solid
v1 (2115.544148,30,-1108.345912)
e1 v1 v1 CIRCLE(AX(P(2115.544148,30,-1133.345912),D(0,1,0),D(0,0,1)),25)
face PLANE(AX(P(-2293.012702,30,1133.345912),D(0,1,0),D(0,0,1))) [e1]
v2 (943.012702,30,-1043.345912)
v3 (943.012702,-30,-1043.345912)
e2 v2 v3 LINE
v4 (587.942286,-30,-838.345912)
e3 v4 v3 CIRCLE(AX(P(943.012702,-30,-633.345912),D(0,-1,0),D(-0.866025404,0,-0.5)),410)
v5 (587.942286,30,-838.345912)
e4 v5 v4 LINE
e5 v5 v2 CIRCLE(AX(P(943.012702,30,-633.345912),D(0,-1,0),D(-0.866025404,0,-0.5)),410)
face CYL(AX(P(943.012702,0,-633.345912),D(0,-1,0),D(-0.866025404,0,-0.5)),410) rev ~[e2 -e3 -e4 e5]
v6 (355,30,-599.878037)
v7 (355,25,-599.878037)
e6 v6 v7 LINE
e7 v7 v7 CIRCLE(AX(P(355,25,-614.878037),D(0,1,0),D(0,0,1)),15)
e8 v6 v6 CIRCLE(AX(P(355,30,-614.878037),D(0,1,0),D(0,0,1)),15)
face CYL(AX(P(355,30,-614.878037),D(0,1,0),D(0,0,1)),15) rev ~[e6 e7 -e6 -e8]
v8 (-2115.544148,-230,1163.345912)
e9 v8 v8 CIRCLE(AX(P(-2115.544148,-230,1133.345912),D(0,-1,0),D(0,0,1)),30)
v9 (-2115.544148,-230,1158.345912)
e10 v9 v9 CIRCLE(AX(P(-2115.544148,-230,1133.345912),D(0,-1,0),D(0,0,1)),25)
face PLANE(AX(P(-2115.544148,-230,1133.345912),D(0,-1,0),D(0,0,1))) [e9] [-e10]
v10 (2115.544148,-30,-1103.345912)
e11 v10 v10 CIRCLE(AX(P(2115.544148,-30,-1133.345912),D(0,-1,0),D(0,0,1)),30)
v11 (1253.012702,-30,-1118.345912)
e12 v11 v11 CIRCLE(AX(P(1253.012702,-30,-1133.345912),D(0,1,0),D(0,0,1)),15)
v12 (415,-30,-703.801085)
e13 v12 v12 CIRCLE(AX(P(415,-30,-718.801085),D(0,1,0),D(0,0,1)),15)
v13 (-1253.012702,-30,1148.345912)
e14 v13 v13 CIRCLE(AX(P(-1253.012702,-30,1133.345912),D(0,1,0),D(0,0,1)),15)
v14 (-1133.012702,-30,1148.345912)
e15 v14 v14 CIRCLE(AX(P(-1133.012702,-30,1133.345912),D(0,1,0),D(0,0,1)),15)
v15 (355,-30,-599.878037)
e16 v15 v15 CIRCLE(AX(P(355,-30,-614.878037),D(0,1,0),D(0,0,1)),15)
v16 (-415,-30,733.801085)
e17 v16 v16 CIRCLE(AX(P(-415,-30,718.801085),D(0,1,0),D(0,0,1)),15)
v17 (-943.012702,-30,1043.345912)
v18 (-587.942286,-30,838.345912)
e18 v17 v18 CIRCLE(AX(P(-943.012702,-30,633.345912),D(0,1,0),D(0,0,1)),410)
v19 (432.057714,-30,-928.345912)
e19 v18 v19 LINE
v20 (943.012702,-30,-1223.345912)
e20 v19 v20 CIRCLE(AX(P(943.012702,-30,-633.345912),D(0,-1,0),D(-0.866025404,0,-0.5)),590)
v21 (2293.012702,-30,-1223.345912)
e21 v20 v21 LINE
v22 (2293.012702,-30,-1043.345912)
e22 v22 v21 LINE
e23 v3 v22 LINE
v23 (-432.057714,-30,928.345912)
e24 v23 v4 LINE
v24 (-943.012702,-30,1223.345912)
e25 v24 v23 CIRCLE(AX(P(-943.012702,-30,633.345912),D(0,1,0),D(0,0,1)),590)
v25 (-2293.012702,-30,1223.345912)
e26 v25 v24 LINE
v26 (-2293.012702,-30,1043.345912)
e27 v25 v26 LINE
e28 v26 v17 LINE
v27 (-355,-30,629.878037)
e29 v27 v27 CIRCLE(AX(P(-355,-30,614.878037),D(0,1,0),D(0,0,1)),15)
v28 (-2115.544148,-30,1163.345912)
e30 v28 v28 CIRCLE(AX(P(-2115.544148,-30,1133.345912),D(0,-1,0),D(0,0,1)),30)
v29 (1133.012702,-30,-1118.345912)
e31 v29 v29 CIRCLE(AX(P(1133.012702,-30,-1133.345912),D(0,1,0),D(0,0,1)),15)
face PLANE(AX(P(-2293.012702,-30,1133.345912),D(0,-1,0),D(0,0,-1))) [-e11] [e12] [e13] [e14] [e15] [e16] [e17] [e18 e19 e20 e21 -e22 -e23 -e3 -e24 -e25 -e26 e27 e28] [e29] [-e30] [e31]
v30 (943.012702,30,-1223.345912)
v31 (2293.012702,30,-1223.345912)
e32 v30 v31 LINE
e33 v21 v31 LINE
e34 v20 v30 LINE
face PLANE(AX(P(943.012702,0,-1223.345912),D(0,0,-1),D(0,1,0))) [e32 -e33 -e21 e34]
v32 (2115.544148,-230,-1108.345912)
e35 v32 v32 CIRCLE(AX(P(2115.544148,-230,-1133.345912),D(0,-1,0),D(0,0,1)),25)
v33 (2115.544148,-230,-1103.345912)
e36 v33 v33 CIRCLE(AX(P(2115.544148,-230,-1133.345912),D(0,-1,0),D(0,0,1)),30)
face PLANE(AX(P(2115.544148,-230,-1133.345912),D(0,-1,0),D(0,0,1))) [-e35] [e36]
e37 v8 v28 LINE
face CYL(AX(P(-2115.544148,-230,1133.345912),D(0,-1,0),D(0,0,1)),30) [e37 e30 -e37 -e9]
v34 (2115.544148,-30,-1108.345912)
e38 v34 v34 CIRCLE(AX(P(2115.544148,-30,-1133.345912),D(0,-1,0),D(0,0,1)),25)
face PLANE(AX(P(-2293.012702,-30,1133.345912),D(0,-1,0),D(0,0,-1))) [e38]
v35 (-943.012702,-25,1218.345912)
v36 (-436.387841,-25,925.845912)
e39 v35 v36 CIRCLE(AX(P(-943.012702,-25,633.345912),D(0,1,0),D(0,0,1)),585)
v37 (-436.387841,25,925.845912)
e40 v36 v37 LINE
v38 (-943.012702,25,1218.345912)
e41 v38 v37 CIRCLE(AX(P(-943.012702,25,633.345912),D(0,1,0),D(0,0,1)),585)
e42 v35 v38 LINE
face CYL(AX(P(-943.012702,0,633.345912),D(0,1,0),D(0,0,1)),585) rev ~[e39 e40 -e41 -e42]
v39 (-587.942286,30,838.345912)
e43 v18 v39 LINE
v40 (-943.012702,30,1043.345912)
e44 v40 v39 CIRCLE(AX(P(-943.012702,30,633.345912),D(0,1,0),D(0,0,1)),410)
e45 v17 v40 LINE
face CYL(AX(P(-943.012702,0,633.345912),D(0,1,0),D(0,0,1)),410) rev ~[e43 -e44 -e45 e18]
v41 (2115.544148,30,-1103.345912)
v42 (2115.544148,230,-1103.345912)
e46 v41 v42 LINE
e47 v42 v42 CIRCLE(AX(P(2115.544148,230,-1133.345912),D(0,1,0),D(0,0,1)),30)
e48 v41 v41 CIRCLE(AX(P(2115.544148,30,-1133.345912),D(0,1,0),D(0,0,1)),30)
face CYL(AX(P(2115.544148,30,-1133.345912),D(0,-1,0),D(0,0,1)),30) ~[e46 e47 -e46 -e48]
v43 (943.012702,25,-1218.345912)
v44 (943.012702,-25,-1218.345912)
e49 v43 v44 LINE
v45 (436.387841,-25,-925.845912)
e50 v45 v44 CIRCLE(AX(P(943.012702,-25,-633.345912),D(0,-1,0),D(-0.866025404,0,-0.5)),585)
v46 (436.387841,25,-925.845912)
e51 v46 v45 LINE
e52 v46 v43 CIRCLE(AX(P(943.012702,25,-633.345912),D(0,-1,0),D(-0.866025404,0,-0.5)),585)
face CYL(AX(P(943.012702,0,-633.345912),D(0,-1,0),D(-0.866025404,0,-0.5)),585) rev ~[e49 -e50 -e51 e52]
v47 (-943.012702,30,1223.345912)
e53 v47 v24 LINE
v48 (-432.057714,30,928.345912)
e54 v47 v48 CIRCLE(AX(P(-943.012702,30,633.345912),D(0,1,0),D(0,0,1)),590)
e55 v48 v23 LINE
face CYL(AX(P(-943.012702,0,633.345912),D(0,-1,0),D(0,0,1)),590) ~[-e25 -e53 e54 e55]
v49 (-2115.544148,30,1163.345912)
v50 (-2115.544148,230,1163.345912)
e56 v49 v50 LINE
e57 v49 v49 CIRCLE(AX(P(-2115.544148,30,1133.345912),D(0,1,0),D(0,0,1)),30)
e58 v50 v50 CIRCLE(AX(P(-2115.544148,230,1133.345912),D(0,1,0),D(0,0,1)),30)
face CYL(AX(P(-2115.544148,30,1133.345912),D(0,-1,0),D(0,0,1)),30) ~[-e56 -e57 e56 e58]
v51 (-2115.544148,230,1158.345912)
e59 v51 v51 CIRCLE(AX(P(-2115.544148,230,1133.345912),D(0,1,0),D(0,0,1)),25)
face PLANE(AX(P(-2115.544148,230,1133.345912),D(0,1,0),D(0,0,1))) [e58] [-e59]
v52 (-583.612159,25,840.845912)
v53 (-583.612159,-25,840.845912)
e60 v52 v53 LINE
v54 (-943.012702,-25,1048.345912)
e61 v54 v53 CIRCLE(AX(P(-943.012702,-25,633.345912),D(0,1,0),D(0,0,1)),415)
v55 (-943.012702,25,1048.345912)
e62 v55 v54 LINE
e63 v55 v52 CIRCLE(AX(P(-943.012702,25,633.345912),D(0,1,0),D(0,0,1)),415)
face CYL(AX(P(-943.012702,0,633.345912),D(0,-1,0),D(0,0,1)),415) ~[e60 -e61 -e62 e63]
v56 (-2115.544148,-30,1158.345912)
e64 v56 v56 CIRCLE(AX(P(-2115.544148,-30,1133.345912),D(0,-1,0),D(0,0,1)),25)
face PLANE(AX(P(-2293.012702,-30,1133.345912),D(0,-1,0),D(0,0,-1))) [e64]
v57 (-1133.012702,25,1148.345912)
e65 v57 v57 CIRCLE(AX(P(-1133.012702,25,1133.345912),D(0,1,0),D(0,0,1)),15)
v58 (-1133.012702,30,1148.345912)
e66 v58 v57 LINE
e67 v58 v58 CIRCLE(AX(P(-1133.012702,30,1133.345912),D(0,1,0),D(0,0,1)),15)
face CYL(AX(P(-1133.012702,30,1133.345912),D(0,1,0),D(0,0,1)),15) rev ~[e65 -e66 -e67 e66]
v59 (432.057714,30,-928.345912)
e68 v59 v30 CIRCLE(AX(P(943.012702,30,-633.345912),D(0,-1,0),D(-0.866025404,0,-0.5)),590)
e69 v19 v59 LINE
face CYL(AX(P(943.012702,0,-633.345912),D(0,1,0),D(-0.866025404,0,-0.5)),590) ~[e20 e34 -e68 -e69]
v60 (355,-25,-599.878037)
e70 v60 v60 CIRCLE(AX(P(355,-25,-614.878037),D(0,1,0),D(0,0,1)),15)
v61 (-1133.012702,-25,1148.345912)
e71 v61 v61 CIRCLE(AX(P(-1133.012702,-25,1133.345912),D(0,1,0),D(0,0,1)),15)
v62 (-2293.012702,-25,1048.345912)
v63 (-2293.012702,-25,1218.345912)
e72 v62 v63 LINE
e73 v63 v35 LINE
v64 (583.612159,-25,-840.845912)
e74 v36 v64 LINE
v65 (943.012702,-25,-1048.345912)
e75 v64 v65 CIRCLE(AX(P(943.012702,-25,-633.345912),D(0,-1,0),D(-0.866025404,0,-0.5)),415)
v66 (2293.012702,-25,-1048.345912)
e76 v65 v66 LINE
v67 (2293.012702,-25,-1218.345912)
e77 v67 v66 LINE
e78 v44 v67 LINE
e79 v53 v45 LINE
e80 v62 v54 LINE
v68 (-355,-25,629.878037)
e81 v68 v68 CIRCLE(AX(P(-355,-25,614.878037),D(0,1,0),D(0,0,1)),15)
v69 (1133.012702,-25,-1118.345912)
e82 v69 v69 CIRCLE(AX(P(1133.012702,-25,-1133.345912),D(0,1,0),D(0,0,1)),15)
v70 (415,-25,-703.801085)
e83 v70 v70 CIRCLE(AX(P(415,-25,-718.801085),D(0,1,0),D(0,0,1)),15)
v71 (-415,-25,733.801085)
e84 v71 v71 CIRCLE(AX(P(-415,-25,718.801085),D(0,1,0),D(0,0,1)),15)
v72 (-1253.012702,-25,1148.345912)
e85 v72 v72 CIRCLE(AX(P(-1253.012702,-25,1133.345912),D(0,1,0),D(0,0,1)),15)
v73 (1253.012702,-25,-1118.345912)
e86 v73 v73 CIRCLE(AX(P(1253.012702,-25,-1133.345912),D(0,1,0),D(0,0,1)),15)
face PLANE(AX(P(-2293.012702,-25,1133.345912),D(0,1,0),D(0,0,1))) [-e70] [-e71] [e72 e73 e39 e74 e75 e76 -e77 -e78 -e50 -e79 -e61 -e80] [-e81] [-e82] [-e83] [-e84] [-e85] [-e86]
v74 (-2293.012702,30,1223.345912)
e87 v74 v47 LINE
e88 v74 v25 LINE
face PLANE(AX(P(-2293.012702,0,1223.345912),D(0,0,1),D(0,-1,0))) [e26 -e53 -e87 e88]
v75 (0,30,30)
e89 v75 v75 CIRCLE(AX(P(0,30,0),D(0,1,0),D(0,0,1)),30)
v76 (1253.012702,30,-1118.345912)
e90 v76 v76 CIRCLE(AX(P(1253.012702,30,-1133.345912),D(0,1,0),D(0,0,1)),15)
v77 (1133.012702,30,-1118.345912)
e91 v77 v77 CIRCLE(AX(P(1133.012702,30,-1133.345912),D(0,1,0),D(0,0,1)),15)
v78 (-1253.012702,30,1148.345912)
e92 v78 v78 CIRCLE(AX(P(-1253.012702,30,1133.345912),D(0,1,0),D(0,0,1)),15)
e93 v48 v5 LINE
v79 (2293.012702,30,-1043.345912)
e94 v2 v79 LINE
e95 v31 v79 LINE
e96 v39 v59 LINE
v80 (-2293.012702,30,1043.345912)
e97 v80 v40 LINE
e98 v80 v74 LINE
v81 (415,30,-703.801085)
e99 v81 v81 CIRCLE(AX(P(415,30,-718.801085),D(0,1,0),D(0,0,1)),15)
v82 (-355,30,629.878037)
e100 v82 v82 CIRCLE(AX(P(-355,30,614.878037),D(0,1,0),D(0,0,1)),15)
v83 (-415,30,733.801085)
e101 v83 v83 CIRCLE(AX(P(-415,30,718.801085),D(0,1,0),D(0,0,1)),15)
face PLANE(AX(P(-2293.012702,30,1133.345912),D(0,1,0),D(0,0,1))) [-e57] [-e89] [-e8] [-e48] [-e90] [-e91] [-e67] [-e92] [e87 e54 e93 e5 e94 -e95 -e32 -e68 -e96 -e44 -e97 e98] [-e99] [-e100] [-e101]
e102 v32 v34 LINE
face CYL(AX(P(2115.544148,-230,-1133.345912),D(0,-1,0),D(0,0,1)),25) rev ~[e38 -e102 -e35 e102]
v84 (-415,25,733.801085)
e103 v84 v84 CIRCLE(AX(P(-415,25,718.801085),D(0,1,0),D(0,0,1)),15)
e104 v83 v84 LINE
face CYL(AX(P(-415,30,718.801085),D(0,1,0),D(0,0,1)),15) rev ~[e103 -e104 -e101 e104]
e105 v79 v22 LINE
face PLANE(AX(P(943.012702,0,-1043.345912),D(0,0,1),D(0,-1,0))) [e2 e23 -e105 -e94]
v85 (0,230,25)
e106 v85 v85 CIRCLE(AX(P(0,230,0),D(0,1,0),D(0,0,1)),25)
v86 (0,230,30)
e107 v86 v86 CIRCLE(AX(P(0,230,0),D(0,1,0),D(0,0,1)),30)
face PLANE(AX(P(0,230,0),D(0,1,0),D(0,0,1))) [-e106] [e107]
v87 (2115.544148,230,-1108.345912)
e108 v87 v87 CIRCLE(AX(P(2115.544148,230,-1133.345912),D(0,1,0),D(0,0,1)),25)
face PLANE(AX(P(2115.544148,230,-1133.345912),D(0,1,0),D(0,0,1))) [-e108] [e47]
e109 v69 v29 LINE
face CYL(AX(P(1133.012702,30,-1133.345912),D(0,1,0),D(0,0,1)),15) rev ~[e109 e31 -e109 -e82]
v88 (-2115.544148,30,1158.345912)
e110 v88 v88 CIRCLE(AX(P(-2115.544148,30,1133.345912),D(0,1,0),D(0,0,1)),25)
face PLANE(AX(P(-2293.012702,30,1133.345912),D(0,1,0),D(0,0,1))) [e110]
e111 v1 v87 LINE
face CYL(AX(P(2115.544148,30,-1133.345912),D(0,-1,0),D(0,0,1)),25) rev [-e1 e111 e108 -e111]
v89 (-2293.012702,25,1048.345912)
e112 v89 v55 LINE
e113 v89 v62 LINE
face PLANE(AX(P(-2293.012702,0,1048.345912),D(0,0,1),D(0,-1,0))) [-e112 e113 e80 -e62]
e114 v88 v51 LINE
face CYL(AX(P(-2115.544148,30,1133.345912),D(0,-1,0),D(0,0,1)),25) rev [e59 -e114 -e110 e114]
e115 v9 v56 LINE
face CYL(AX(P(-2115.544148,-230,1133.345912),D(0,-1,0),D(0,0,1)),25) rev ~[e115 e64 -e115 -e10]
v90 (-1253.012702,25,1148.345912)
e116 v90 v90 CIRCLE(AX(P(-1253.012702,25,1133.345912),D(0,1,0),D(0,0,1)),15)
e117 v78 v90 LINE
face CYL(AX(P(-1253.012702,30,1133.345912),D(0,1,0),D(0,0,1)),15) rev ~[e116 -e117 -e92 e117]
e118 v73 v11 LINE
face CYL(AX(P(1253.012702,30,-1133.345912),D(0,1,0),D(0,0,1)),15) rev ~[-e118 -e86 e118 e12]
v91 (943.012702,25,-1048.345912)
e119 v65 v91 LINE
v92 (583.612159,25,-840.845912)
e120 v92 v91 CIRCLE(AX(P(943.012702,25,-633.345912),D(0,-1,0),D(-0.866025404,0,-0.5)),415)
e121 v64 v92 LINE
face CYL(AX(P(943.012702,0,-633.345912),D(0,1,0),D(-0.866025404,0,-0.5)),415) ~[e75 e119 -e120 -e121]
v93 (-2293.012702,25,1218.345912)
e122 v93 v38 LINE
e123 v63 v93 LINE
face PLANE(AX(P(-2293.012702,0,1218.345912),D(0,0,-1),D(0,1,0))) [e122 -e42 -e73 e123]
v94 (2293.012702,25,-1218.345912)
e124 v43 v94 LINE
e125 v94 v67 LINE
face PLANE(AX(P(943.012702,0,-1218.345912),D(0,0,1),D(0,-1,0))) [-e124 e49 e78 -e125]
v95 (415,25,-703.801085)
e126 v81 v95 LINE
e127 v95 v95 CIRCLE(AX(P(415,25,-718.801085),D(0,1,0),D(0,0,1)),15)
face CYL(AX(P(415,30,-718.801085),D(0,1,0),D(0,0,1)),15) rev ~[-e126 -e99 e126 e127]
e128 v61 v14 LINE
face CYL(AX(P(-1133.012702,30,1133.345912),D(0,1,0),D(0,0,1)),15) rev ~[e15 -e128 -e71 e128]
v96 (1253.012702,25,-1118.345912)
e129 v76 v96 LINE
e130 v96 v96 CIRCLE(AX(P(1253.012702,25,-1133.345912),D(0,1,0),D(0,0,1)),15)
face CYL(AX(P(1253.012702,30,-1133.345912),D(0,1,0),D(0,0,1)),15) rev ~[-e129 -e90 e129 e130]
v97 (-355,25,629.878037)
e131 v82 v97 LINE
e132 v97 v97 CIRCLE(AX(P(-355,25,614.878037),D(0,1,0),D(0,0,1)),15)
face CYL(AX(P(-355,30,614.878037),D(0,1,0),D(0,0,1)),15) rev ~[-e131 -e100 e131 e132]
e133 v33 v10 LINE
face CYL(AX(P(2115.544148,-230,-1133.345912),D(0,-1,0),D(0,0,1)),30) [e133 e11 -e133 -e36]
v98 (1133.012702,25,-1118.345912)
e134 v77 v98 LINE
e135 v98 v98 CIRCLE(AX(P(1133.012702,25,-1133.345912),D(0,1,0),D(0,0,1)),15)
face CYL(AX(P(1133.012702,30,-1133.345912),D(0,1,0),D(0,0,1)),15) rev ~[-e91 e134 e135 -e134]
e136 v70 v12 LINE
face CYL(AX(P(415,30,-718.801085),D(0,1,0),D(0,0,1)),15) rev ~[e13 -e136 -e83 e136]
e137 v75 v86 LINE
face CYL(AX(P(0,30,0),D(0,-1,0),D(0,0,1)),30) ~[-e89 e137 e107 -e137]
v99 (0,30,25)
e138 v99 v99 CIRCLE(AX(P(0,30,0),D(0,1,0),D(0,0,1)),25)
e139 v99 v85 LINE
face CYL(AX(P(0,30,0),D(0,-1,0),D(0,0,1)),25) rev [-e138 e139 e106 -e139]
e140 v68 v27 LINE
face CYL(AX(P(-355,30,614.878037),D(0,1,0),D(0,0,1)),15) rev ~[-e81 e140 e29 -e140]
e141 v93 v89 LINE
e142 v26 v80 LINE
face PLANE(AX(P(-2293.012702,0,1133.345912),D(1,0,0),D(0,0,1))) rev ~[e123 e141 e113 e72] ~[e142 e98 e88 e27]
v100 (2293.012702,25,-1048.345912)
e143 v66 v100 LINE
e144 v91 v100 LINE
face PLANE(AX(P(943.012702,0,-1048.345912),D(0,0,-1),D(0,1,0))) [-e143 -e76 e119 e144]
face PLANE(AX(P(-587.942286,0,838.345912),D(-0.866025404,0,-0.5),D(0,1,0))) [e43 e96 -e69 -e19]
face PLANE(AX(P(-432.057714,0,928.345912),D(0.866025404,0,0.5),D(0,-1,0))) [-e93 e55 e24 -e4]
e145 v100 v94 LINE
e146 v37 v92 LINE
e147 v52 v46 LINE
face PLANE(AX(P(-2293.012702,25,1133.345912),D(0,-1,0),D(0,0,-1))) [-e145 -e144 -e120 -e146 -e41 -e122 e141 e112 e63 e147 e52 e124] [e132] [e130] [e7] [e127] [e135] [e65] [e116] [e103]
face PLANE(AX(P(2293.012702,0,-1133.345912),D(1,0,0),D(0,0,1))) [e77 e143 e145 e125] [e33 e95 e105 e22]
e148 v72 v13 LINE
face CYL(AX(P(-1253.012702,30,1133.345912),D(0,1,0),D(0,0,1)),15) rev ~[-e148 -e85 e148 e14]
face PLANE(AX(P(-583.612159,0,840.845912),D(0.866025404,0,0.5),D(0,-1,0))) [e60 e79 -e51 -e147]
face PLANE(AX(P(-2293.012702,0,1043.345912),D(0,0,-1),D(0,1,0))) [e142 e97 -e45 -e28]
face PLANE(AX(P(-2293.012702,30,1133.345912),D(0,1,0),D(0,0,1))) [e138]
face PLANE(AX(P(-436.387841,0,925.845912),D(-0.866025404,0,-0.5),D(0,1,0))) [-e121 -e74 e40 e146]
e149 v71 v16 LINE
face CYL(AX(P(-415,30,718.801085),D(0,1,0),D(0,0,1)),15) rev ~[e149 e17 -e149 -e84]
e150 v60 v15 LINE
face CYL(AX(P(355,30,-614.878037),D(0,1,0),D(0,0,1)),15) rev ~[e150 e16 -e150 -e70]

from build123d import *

# Parameters (mm, degrees)
SKETCH_2_W          = 180
SKETCH_2_H          = 60
SKETCH_2_W_2        = 170
SKETCH_2_H_2        = 50
SKETCH_3_R          = 15
CUT_EXTRUDE_1_DEPTH = 2600.631218289
SKETCH_4_R          = 30
SKETCH_4_R_2        = 25
EXTRUDE_2_DEPTH     = 200
EXTRUDE_START       = 200
SKETCH_5_R          = 30
SKETCH_5_R_2        = 25
EXTRUDE_3_DEPTH     = 200


with BuildPart() as part:
    # 扫描1: sweep along a path in 草图1
    with BuildLine(Plane(origin=(0, 0, 0), x_dir=(1, 0, 0), z_dir=(0, 1, 0))) as sweep_1_path:
        Line((-2293.012701892, -1133.34591186), (-943.012701892, -1133.34591186))
        ThreePointArc((-943.012701892, -1133.34591186), (-693.012701892, -1066.358613752), (-510, -883.34591186))
        Line((-510, -883.34591186), (510, 883.34591186))
        ThreePointArc((510, 883.34591186), (693.012701892, 1066.358613752), (943.012701892, 1133.34591186))
        Line((943.012701892, 1133.34591186), (2293.012701892, 1133.34591186))
    # 草图2 → 扫描1 (sweep)
    with BuildSketch(Plane(origin=(-2293.012701892, 0, 1133.34591186), x_dir=(0, 0, -1), z_dir=(1, 0, 0))):
        Rectangle(SKETCH_2_W, SKETCH_2_H)
        Rectangle(SKETCH_2_W_2, SKETCH_2_H_2, mode=Mode.SUBTRACT)
    sweep(path=sweep_1_path.line)

    # 草图3 → 切除-拉伸1 (cut, through all)
    with BuildSketch(Plane(origin=(0, 30, 0), x_dir=(1, 0, 0), z_dir=(0, 1, 0))):
        with Locations(Location((-1253.012701892, -1133.34591186, 0), (0, 0, 270))):
            Circle(SKETCH_3_R)
        with Locations(Location((-1133.012701892, -1133.34591186, 0), (0, 0, 270))):
            Circle(SKETCH_3_R)
        with Locations(Location((-415, -718.801085141, 0), (0, 0, 270))):
            Circle(SKETCH_3_R)
        with Locations(Location((-355, -614.878036687, 0), (0, 0, 270))):
            Circle(SKETCH_3_R)
        with Locations(Location((1253.012701892, 1133.34591186, 0), (0, 0, 270))):
            Circle(SKETCH_3_R)
        with Locations(Location((1133.012701892, 1133.34591186, 0), (0, 0, 270))):
            Circle(SKETCH_3_R)
        with Locations(Location((415, 718.801085141, 0), (0, 0, 270))):
            Circle(SKETCH_3_R)
        with Locations(Location((355, 614.878036687, 0), (0, 0, 270))):
            Circle(SKETCH_3_R)
    extrude(amount=-CUT_EXTRUDE_1_DEPTH, mode=Mode.SUBTRACT)

    # 草图4 → 凸台-拉伸2 (add)
    # profile 1 of 3: a face of its own
    with BuildSketch(Plane(origin=(0, 30, 0), x_dir=(1, 0, 0), z_dir=(0, 1, 0))):
        with Locations(Location((0, 0, 0), (0, 0, 270))):
            Circle(SKETCH_4_R)
        with Locations(Location((0, 0, 0), (0, 0, 270))):
            Circle(SKETCH_4_R_2, mode=Mode.SUBTRACT)
    # profile 2 of 3: a face of its own
    with BuildSketch(Plane(origin=(0, 30, 0), x_dir=(1, 0, 0), z_dir=(0, 1, 0))):
        with Locations(Location((-2115.544148457, -1133.34591186, 0), (0, 0, 270))):
            Circle(SKETCH_4_R)
        with Locations(Location((-2115.544148457, -1133.34591186, 0), (0, 0, 270))):
            Circle(SKETCH_4_R_2, mode=Mode.SUBTRACT)
    # profile 3 of 3: a face of its own
    with BuildSketch(Plane(origin=(0, 30, 0), x_dir=(1, 0, 0), z_dir=(0, 1, 0))):
        with Locations(Location((2115.544148457, 1133.34591186, 0), (0, 0, 270))):
            Circle(SKETCH_4_R)
        with Locations(Location((2115.544148457, 1133.34591186, 0), (0, 0, 270))):
            Circle(SKETCH_4_R_2, mode=Mode.SUBTRACT)
    extrude(amount=EXTRUDE_2_DEPTH)

    # 草图5 → 凸台-拉伸3 (add)
    # profile 1 of 2: a face of its own
    with BuildSketch(Plane.XZ.offset(30).offset(EXTRUDE_START)):
        with Locations(Location((-2115.544148457, 1133.34591186, 0), (0, 0, 90))):
            Circle(SKETCH_5_R)
        with Locations(Location((-2115.544148457, 1133.34591186, 0), (0, 0, 90))):
            Circle(SKETCH_5_R_2, mode=Mode.SUBTRACT)
    # profile 2 of 2: a face of its own
    with BuildSketch(Plane.XZ.offset(30).offset(EXTRUDE_START)):
        with Locations(Location((2115.544148457, -1133.34591186, 0), (0, 0, 90))):
            Circle(SKETCH_5_R)
        with Locations(Location((2115.544148457, -1133.34591186, 0), (0, 0, 90))):
            Circle(SKETCH_5_R_2, mode=Mode.SUBTRACT)
    extrude(amount=-EXTRUDE_3_DEPTH)


solid = part.part
